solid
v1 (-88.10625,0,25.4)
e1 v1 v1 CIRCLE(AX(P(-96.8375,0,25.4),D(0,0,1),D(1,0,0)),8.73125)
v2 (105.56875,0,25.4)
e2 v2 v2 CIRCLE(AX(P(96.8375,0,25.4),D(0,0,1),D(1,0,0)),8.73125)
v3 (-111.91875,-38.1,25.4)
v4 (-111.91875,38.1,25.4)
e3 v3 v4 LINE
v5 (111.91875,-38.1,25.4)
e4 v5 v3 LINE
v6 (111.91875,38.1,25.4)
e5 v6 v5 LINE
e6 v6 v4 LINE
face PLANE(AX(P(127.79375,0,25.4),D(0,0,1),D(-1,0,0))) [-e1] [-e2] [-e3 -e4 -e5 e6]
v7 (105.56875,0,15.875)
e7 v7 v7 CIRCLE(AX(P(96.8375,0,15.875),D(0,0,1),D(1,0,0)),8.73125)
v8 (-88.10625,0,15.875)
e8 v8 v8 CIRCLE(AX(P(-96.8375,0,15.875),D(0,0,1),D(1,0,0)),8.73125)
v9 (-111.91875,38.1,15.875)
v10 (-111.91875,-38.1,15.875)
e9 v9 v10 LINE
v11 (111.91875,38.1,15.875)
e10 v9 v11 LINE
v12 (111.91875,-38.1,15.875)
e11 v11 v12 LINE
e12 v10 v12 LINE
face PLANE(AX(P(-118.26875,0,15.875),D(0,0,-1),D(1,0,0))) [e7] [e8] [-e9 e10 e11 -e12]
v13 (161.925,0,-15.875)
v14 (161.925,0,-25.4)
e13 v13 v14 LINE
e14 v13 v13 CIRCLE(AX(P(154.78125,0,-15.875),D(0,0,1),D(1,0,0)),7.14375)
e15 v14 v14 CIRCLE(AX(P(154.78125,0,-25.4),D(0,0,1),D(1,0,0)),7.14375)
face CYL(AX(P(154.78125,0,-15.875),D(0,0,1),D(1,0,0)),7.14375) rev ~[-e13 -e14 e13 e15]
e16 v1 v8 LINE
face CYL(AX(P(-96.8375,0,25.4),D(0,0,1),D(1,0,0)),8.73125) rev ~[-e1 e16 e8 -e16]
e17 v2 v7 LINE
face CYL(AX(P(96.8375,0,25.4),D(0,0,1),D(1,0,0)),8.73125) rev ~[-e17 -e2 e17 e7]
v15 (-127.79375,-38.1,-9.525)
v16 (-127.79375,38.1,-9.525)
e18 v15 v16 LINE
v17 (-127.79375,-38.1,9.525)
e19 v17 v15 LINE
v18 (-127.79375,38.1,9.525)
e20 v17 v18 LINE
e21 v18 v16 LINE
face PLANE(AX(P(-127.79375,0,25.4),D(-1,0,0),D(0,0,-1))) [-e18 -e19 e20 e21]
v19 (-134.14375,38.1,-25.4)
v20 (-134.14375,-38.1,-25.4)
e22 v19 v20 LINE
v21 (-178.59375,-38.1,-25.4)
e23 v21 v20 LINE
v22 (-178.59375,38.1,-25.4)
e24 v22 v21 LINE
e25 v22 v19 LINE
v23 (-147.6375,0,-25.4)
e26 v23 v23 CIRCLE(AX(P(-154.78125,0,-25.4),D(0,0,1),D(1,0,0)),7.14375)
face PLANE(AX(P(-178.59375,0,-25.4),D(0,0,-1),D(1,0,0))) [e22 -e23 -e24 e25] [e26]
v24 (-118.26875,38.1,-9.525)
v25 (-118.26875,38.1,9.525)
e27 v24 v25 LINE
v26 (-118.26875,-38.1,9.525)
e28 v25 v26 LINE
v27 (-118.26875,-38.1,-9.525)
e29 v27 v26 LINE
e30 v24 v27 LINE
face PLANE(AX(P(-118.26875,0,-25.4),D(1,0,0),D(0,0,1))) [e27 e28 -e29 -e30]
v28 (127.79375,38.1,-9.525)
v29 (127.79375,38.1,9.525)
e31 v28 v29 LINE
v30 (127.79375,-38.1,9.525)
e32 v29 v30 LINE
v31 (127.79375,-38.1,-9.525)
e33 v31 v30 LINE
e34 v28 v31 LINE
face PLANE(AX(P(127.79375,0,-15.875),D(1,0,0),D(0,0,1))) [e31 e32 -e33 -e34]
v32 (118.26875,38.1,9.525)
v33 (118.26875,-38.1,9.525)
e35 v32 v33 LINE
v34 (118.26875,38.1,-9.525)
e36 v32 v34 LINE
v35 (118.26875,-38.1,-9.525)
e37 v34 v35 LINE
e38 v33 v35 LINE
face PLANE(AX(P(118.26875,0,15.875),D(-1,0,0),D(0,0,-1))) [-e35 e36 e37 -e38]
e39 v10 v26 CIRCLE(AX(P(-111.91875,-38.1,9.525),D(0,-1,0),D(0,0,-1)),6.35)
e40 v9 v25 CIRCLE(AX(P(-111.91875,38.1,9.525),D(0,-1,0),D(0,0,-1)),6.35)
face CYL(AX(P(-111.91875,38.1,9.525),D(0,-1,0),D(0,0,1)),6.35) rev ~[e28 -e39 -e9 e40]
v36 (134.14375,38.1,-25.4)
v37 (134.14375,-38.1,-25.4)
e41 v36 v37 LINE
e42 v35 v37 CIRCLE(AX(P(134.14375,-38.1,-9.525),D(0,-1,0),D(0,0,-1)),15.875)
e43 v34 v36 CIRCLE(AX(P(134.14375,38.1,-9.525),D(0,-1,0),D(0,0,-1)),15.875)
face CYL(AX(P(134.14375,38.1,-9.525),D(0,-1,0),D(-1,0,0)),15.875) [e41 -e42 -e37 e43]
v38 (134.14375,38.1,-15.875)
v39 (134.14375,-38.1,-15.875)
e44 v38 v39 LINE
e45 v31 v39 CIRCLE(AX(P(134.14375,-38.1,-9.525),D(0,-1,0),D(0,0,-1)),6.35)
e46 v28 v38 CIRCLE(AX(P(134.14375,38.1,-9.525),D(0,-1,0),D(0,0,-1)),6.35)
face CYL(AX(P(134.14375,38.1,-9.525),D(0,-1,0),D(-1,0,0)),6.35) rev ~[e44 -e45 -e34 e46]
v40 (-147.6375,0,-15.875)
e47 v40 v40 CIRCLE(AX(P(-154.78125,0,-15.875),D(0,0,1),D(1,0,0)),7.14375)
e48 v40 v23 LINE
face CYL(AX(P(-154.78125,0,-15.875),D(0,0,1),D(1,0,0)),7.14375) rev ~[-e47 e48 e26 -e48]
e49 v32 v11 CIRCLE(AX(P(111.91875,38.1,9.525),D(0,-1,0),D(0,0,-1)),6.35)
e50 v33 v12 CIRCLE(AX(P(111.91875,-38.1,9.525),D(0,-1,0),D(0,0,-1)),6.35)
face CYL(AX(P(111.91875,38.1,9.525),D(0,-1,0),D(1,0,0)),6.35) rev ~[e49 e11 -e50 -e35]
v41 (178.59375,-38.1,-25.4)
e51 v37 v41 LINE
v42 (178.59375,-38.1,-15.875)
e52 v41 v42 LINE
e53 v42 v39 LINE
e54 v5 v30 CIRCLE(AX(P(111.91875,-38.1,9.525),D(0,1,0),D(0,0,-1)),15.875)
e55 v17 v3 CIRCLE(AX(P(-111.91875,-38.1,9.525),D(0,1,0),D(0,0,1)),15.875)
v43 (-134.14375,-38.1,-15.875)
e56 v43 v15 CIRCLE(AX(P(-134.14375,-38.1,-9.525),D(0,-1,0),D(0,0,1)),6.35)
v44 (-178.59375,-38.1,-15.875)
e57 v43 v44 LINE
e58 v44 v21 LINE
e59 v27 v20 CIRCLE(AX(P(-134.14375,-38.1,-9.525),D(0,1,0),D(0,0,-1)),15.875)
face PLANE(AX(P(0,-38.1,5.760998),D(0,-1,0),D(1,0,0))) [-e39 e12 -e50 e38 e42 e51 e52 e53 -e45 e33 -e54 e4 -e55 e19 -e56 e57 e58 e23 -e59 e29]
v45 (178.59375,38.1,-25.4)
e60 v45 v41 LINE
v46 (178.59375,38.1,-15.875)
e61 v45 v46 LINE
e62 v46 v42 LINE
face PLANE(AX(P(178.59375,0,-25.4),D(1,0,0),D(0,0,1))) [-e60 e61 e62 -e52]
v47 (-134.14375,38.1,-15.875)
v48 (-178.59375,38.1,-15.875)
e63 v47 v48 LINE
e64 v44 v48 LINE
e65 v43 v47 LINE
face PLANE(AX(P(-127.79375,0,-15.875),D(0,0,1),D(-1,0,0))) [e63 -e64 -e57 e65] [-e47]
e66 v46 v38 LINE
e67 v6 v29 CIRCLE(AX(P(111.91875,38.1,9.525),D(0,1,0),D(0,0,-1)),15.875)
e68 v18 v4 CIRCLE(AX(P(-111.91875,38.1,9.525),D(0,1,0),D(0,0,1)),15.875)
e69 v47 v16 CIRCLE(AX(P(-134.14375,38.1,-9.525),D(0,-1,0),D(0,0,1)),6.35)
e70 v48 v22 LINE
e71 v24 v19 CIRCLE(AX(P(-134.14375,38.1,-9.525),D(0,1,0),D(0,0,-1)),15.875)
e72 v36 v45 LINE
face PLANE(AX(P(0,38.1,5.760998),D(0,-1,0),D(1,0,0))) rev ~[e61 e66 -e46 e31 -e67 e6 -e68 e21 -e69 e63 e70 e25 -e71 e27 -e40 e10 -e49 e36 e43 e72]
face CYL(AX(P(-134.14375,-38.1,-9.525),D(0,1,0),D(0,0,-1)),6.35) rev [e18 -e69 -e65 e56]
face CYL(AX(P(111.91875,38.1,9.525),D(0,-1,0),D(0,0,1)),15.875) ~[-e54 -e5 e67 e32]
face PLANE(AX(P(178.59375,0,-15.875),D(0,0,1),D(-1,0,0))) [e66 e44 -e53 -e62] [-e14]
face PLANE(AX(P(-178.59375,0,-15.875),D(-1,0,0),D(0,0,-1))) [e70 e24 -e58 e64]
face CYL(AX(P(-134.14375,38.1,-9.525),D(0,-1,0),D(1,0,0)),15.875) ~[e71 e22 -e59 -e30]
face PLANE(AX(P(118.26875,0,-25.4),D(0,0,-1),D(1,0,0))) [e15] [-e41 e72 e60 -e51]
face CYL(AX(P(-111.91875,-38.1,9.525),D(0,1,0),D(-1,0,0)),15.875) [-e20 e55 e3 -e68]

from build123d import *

# Parameters (mm, degrees)
F1_DEPTH = 38.1
F2_R     = 6.35
F3_R     = 15.875
F4_R     = 8.73125
F5_DEPTH = 25.4
F6_R     = 7.14375
F7_DEPTH = 25.4


with BuildPart() as f1:
    # F0 (on Front) → F1 (new body, symmetric)
    with BuildSketch(Plane.XZ):
        Polygon((-178.59375, -15.875), (-178.59375, -25.4), (-118.26875, -25.4), (-118.26875, 15.875), (118.26875, 15.875), (118.26875, -25.4), (178.59375, -25.4), (178.59375, -15.875), (127.79375, -15.875), (127.79375, 25.4), (-127.79375, 25.4), (-127.79375, -15.875), align=None)
    extrude(amount=F1_DEPTH, both=True)

    # F2
    f2_edges = [f1.edges().sort_by_distance(p)[0] for p in [
        (-127.79375, 0, -15.875),
        (-118.26875, 0, 15.875),
        (118.26875, 0, 15.875),
        (127.79375, 0, -15.875),
    ]]
    fillet(f2_edges, radius=F2_R)

    # F3
    f3_edges = [f1.edges().sort_by_distance(p)[0] for p in [
        (-127.79375, 0, 25.4),
        (127.79375, 0, 25.4),
        (118.26875, 0, -25.4),
        (-118.26875, 0, -25.4),
    ]]
    fillet(f3_edges, radius=F3_R)

    # F4 (on face) → F5 (cut)
    with BuildSketch(Plane.XY.offset(25.4)):
        with Locations((-96.8375, 0)):
            Circle(F4_R)
        with Locations((96.8375, 0)):
            Circle(F4_R)
    extrude(amount=-F5_DEPTH, mode=Mode.SUBTRACT)

    # F6 (on face) → F7 (cut)
    with BuildSketch(Plane.XY.offset(-15.875)):
        with Locations((-154.78125, 0)):
            Circle(F6_R)
        with Locations((154.78125, 0)):
            Circle(F6_R)
    extrude(amount=-F7_DEPTH, mode=Mode.SUBTRACT)


solid = f1.part
